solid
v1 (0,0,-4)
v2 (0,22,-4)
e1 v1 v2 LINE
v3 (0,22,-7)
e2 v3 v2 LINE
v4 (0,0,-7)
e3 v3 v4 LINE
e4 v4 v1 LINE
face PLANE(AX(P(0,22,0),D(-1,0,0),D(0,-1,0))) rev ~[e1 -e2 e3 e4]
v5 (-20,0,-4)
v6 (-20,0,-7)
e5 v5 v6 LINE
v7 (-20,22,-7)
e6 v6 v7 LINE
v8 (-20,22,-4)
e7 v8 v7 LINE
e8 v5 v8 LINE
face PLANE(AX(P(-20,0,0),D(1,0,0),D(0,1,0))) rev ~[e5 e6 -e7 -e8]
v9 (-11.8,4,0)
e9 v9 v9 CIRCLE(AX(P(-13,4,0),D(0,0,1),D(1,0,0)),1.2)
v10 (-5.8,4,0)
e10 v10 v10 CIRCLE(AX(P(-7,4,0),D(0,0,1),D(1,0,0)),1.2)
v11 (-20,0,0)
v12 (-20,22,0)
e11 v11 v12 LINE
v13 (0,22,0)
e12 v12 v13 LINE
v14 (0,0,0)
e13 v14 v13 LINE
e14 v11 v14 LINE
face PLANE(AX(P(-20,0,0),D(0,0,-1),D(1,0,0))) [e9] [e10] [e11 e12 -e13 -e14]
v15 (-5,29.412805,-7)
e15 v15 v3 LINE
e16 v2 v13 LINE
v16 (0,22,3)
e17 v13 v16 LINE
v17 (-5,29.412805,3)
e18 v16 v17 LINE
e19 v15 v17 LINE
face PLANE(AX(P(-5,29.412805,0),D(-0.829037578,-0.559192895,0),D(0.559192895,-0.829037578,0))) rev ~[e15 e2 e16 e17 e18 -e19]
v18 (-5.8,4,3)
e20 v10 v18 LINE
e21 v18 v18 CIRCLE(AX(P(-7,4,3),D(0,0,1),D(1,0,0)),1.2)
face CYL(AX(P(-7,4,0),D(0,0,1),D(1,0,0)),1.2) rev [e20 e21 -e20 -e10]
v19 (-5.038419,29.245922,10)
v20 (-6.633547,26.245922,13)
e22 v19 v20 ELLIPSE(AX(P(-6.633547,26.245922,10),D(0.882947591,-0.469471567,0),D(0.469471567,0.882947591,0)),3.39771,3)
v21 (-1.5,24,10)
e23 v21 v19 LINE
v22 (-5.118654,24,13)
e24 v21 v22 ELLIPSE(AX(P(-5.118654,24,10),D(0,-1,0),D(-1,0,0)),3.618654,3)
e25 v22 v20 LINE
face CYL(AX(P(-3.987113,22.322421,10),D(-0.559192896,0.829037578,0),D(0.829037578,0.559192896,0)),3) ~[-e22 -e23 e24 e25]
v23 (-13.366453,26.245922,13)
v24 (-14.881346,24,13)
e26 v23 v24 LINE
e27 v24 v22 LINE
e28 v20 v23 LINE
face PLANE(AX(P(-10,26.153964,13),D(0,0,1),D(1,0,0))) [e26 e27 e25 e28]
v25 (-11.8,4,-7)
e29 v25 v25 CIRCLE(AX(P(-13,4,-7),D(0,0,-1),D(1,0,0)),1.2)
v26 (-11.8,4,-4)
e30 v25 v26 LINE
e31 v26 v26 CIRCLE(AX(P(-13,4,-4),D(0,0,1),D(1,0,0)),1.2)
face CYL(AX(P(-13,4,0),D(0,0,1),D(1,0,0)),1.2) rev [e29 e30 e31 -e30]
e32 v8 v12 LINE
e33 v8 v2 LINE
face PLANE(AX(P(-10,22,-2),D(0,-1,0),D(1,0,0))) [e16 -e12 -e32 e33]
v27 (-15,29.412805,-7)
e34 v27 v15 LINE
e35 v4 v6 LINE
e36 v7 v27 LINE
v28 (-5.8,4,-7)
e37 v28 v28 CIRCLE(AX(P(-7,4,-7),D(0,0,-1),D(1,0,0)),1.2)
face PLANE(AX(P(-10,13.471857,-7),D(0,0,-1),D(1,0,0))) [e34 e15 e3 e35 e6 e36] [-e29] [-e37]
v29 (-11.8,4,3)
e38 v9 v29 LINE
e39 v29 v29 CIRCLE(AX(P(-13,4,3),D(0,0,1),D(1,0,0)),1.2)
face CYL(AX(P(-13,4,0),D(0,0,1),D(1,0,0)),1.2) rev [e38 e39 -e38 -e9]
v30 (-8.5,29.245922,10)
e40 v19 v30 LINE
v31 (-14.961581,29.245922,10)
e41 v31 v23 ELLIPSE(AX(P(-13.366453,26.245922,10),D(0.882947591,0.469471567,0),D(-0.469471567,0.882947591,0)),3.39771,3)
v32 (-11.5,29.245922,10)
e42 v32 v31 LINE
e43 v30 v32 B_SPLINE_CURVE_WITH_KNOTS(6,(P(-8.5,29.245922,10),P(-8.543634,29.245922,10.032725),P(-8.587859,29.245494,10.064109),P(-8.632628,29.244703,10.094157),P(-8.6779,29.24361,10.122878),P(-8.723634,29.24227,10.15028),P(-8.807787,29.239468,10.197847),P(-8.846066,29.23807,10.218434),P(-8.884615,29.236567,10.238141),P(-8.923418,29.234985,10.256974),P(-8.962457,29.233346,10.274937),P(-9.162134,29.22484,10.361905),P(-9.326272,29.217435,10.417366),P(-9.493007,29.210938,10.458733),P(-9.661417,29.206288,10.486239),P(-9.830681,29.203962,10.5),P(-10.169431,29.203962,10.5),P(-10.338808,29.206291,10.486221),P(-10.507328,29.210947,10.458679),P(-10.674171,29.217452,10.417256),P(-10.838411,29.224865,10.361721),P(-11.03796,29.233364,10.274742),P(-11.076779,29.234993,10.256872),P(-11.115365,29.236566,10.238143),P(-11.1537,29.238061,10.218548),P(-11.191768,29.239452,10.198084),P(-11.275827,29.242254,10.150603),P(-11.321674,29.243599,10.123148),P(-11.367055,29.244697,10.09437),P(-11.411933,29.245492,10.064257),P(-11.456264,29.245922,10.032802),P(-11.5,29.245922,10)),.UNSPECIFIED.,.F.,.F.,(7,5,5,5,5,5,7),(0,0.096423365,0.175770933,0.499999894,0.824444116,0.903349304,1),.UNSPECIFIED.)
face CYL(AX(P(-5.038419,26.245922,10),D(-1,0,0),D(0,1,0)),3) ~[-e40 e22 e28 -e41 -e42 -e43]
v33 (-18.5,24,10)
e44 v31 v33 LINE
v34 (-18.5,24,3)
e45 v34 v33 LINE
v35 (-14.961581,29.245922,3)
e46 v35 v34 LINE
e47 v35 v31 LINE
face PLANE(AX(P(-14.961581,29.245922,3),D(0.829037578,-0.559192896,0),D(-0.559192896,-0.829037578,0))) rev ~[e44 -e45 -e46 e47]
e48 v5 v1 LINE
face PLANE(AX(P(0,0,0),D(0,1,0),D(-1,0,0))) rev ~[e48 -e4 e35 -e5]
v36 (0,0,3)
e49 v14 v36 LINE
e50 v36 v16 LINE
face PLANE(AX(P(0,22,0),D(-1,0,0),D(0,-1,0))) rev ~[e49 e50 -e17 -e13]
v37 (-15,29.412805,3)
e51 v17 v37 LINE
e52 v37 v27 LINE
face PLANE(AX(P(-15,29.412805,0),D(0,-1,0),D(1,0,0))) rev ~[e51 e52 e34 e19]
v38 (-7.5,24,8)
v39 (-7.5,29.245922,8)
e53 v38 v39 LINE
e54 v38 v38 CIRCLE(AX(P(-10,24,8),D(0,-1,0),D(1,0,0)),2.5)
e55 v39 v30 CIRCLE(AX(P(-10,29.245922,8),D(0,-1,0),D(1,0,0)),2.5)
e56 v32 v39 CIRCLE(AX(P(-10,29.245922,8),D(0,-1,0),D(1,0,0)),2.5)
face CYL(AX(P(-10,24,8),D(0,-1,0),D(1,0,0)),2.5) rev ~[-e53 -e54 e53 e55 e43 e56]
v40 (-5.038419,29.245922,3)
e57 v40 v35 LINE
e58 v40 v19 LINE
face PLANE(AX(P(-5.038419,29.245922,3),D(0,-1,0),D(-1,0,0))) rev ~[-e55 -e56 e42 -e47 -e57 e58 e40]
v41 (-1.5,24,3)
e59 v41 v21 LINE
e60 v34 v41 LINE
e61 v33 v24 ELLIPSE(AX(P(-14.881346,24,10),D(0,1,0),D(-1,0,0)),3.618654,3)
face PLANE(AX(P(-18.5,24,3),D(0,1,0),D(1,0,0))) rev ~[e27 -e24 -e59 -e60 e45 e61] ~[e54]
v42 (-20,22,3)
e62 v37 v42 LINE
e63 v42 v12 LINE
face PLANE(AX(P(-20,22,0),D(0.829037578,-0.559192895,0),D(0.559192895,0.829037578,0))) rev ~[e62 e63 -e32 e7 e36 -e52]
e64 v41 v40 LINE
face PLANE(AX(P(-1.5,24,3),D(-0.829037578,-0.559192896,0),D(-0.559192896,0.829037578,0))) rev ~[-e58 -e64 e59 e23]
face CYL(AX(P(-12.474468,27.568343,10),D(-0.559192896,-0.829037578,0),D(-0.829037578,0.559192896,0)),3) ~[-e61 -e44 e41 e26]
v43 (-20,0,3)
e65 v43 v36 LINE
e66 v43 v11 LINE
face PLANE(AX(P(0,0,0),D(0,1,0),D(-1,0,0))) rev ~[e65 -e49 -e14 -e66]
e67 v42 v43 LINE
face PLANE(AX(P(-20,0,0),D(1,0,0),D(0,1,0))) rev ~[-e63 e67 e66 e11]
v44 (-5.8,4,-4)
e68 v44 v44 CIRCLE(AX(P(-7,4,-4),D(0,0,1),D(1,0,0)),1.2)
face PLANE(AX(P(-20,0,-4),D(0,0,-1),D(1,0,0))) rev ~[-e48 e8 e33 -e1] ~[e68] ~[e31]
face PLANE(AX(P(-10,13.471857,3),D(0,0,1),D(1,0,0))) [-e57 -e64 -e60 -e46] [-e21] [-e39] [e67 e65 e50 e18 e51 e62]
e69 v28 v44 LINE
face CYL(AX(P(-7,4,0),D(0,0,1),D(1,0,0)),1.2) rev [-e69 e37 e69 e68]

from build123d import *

# Parameters (mm, degrees)
SKETCH_R        = 1.2
PAD_DEPTH       = 3
PAD001_DEPTH    = 10
FILLET_R        = 3
SKETCH002_R     = 2.5
POCKET_DEPTH    = 6
SKETCH003_R     = 1.2
PAD002_DEPTH    = 7
SKETCH004_W     = 20
SKETCH004_H     = 4
POCKET001_DEPTH = 22


with BuildPart() as part:
    # Sketch → Pad (new body)
    with BuildSketch(Plane.XY):
        Polygon((-20, 22), (-20, 0), (0, 0), (0, 22), (-5, 29.412805), (-15, 29.412805), align=None)
        with Locations((-7, 4)):
            Circle(SKETCH_R, mode=Mode.SUBTRACT)
        with Locations((-13, 4)):
            Circle(SKETCH_R, mode=Mode.SUBTRACT)
    extrude(amount=PAD_DEPTH)

    # Sketch001 (on Face10 of Pad) → Pad001 (join)
    with BuildSketch(Plane.XY.offset(3)):
        Polygon((-10, 24), (-1.5, 24), (-5.038419, 29.245922), (-14.961581, 29.245922), (-18.5, 24), align=None)
    extrude(amount=PAD001_DEPTH)

    # Fillet
    fillet_edges = [part.edges().sort_by_distance(p)[0] for p in [
        (-3.26921, 26.622961, 13),
        (-10, 29.245922, 13),
        (-16.73079, 26.622961, 13),
    ]]
    fillet(fillet_edges, radius=FILLET_R)

    # Sketch002 (on Face1 of Fillet) → Pocket (cut)
    with BuildSketch(Plane.XZ.offset(-24)):
        with Locations((-10, 8)):
            Circle(SKETCH002_R)
    extrude(amount=-POCKET_DEPTH, mode=Mode.SUBTRACT)

    # Sketch003 (on Face20 of Pocket) → Pad002 (join)
    with BuildSketch(Plane(origin=(0, 0, 0), x_dir=(1, 0, 0), z_dir=(0, 0, -1))):
        Polygon((0, 0), (-20, 0), (-20, -22), (-15, -29.412805), (-5, -29.412805), (0, -22), align=None)
        with Locations((-13, -4)):
            Circle(SKETCH003_R, mode=Mode.SUBTRACT)
        with Locations((-7, -4)):
            Circle(SKETCH003_R, mode=Mode.SUBTRACT)
    extrude(amount=PAD002_DEPTH)

    # Sketch004 (on Face22 of Pad002) → Pocket001 (cut)
    with BuildSketch(Plane.XZ):
        with Locations((-10, -2)):
            Rectangle(SKETCH004_W, SKETCH004_H)
    extrude(amount=-POCKET001_DEPTH, mode=Mode.SUBTRACT)


solid = part.part
